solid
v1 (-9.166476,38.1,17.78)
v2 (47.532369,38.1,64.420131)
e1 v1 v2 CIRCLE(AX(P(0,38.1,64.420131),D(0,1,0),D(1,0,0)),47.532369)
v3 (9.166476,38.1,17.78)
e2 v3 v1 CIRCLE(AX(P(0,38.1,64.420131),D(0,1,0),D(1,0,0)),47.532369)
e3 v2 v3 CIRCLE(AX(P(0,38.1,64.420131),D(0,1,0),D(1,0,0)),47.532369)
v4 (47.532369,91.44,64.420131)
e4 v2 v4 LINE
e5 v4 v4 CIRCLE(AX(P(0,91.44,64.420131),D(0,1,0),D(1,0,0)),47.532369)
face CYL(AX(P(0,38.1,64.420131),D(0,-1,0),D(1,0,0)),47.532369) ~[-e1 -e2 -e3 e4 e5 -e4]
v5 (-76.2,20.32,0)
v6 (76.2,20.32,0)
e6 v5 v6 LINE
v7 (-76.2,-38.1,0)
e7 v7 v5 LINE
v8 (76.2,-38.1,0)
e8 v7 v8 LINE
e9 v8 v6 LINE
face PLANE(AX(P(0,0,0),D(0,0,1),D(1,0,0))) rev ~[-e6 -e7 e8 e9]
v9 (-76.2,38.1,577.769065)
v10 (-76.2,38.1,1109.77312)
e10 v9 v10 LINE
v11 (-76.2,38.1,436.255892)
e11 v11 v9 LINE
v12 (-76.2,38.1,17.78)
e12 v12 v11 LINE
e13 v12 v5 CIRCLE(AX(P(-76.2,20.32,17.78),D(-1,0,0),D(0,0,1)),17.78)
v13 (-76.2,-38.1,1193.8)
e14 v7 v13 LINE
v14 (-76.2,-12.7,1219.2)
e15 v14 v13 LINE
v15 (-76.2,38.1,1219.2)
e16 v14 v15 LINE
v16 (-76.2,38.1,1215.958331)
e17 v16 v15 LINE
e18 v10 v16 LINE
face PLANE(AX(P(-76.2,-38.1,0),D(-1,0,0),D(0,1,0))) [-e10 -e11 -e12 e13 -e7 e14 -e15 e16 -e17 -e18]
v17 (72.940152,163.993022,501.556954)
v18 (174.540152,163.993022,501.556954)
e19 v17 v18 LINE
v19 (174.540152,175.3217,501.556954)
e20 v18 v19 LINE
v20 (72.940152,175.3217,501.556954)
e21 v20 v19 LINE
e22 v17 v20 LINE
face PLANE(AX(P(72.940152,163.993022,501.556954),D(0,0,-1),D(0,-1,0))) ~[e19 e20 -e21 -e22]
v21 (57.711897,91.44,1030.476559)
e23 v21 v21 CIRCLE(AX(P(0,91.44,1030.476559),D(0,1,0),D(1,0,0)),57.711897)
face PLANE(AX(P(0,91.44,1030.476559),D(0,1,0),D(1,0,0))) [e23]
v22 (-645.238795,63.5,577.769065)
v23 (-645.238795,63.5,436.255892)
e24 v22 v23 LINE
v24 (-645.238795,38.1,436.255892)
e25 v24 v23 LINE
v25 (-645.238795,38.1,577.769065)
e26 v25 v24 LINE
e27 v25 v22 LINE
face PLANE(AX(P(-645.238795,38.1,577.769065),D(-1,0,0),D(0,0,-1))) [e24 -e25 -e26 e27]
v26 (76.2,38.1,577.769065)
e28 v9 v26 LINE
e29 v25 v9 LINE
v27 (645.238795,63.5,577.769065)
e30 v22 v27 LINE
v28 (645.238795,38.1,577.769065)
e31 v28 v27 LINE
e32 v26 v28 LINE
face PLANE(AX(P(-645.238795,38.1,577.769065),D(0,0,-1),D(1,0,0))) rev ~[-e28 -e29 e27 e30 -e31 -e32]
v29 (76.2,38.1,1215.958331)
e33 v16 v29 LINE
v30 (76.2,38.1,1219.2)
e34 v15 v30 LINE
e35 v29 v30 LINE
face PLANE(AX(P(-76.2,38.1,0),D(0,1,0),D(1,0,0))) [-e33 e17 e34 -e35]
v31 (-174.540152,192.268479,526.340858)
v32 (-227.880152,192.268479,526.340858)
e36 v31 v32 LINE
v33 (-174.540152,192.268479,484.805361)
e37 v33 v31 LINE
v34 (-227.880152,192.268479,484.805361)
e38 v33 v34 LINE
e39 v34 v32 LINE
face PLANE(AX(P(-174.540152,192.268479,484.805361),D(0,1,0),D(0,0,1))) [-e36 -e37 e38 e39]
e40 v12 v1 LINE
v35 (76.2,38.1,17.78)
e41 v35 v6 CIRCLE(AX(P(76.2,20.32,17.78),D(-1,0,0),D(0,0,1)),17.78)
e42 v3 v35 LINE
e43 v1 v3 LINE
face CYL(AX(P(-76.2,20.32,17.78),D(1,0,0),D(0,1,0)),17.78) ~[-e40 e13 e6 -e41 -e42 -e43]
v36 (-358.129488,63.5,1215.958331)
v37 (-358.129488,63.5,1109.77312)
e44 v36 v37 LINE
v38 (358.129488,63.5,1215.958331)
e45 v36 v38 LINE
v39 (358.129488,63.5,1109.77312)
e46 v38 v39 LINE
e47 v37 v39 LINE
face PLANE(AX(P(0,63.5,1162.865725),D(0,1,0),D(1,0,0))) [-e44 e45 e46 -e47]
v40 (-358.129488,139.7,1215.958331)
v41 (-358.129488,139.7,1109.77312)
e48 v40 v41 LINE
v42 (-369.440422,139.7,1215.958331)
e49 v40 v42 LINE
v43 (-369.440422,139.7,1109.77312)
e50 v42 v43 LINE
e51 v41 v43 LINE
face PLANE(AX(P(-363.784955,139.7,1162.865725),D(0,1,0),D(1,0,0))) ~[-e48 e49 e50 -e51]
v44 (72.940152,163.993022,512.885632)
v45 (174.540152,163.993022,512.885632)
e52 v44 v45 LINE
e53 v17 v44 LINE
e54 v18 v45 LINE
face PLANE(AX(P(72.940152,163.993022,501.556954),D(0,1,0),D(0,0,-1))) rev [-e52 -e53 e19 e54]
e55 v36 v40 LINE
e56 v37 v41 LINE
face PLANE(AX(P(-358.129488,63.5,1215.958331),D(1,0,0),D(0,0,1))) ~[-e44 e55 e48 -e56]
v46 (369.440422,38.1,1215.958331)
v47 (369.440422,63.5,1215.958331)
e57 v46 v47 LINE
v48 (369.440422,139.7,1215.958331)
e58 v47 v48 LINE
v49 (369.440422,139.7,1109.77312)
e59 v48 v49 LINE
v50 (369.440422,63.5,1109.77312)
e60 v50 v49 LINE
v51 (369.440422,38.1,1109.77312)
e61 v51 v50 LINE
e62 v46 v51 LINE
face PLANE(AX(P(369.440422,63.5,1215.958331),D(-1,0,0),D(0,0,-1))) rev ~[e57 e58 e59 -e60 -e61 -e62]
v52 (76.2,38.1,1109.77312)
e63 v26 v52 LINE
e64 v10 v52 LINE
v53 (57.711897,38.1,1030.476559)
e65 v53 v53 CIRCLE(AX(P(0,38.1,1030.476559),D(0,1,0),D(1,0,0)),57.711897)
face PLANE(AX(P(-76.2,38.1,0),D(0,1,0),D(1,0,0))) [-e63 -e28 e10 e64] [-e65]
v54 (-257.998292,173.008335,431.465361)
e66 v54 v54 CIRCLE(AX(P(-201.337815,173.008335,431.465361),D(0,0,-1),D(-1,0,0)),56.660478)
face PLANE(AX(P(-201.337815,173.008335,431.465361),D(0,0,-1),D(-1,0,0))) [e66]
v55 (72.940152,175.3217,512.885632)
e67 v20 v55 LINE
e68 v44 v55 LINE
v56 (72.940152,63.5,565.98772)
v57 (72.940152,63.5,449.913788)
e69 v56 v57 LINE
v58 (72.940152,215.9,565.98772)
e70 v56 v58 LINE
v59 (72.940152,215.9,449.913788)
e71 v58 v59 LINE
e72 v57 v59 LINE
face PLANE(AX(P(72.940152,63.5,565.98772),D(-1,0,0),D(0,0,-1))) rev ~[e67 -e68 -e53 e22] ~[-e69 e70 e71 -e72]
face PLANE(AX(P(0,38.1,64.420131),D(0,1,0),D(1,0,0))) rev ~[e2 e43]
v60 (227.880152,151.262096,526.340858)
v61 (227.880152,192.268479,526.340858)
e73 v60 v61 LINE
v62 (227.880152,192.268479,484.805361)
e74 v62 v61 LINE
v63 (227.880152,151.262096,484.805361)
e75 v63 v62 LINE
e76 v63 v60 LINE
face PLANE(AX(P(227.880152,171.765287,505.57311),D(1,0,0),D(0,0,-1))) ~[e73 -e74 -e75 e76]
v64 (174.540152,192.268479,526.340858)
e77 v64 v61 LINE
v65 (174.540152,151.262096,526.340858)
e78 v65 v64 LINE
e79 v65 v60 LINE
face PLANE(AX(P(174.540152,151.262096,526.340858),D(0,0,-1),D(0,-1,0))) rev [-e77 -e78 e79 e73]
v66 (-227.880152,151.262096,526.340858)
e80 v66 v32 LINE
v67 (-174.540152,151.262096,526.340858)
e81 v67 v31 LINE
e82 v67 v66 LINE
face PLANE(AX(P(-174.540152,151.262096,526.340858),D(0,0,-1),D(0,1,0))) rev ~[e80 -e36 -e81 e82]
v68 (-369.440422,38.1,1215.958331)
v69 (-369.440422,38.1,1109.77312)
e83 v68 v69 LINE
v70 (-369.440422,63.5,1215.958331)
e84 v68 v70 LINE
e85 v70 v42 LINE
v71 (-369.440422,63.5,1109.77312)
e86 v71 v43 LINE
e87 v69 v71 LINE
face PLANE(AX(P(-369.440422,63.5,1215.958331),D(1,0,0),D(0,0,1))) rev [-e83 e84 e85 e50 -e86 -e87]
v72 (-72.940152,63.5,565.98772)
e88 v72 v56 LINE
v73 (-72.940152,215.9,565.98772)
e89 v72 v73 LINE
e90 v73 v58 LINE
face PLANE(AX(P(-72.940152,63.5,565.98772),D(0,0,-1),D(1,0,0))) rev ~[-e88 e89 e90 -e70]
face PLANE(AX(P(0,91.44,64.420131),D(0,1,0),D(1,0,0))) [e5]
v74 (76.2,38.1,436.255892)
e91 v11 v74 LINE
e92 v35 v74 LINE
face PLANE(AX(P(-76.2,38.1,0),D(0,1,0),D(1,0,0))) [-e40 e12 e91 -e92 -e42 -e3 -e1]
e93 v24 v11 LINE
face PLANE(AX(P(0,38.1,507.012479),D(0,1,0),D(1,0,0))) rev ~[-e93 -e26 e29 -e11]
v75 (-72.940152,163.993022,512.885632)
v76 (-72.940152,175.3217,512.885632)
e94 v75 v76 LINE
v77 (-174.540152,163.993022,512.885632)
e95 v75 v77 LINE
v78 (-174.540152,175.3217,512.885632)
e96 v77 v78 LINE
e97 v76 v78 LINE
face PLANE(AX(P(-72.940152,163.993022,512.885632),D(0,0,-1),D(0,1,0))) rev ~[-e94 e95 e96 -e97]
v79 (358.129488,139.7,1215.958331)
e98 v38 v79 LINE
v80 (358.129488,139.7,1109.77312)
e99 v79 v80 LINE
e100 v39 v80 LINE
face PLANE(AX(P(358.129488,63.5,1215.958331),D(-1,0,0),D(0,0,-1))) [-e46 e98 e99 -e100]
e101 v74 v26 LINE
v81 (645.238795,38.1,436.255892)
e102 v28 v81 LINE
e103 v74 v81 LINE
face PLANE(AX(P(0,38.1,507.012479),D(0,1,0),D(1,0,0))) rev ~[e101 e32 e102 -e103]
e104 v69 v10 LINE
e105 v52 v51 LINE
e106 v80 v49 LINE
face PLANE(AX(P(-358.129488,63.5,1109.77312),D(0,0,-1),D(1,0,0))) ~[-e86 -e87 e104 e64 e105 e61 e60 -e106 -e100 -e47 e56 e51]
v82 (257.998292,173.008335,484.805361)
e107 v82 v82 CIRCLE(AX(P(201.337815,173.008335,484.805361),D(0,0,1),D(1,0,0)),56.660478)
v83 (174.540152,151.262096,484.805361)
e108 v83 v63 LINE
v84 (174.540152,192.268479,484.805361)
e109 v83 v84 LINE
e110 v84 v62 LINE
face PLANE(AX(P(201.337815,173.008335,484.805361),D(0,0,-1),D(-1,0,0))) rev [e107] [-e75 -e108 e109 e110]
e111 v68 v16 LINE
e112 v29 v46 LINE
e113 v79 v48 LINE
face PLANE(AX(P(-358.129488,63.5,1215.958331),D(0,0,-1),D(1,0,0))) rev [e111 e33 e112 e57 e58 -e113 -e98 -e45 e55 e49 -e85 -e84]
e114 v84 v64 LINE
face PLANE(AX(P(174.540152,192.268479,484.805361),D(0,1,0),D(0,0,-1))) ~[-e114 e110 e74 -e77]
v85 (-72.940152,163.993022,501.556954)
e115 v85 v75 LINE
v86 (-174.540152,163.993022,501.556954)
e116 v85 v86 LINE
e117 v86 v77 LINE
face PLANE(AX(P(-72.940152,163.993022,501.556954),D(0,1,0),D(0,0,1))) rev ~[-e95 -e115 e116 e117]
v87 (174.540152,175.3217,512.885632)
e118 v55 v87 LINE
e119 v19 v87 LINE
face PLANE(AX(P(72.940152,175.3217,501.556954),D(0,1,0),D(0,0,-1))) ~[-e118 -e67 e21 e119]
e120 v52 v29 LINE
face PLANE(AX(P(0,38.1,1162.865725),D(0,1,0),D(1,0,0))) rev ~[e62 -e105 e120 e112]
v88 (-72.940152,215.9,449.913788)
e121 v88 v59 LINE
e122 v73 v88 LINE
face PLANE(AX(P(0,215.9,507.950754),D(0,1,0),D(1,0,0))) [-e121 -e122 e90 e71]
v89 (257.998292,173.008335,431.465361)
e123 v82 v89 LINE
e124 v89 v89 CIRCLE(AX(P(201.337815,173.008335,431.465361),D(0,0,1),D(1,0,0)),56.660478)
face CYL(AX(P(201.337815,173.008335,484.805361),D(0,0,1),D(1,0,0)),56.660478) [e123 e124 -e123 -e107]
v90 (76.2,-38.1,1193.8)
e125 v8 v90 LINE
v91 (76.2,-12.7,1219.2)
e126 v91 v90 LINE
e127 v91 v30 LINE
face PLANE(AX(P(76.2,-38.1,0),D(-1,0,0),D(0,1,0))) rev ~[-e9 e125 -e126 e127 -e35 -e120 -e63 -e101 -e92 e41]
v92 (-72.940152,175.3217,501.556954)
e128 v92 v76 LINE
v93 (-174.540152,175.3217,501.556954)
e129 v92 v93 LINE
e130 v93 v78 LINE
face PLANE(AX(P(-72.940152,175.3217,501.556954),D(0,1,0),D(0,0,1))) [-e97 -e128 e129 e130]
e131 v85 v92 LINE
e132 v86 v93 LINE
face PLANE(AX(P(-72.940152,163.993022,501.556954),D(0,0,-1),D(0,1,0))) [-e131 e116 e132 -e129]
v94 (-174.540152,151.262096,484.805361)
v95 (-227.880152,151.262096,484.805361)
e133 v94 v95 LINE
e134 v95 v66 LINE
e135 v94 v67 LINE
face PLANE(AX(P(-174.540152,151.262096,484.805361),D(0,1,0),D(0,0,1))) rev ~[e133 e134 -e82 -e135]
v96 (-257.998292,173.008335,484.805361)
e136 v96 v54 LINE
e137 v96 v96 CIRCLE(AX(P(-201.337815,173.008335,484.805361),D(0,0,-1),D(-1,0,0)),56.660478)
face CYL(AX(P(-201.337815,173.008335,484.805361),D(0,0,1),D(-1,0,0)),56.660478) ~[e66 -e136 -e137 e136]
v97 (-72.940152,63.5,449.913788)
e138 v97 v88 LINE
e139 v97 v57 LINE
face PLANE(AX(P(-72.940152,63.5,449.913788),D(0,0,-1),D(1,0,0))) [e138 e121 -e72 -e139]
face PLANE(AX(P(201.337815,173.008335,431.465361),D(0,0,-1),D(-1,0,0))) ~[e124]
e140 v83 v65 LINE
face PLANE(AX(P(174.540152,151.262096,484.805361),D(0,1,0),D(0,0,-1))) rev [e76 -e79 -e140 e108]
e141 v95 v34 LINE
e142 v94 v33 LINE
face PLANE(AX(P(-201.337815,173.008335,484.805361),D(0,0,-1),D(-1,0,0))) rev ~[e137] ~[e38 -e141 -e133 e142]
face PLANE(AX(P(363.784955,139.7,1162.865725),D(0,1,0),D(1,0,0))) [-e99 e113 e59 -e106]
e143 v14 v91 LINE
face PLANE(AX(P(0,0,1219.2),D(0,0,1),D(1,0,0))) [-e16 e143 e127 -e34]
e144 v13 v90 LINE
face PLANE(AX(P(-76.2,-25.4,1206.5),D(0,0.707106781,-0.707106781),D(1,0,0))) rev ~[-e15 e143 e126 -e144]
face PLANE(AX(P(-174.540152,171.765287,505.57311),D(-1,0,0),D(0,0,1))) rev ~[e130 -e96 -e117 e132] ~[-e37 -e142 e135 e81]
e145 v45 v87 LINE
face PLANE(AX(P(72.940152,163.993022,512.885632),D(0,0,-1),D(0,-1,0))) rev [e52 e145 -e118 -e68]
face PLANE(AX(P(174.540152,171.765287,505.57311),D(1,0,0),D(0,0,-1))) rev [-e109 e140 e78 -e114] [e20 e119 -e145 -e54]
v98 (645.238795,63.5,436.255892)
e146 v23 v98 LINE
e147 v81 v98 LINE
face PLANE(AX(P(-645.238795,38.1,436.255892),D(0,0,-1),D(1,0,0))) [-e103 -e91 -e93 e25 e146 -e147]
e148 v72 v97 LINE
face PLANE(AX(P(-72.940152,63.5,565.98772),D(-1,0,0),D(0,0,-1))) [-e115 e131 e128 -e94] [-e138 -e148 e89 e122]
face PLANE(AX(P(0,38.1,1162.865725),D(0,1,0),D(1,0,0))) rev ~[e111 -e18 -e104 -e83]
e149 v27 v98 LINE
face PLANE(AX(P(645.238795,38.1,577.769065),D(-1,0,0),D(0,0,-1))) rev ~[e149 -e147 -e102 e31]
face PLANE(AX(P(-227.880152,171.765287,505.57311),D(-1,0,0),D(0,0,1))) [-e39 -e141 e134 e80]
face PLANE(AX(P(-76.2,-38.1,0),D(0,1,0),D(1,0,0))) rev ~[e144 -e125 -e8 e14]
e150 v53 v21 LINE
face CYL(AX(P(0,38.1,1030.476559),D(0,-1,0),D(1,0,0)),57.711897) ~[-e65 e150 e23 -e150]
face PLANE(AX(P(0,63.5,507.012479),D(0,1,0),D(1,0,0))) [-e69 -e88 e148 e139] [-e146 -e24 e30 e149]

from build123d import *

# Parameters (mm, degrees)
SKETCH1_W           = 152.4
SKETCH1_H           = 76.2
BOSS_EXTRUDE1_DEPTH = 1219.2
FILLET1_R           = 17.78
CHAMFER1_SIZE       = 25.4
SKETCH2_W           = 1290.477589614
SKETCH2_H           = 141.513172698
SKETCH2_W_2         = 738.880843562
SKETCH2_H_2         = 106.185211378
BOSS_EXTRUDE2_DEPTH = 25.4
SKETCH3_W           = 145.88030373
SKETCH3_H           = 116.073932347
BOSS_EXTRUDE3_DEPTH = 152.4
SKETCH4_W           = 11.32867816
SKETCH4_H           = 11.32867816
BOSS_EXTRUDE4_DEPTH = 101.6
SKETCH5_W           = 41.535496856
SKETCH5_H           = 41.006382246
BOSS_EXTRUDE5_DEPTH = 53.34
SKETCH6_R           = 56.660477504
BOSS_EXTRUDE6_DEPTH = 53.34
SKETCH7_R           = 47.532369055
SKETCH7_R_2         = 57.711896929
BOSS_EXTRUDE7_DEPTH = 53.34
SKETCH8_W           = 11.310933435
SKETCH8_H           = 106.185211378
BOSS_EXTRUDE8_DEPTH = 76.2


with BuildPart() as part:
    # Sketch1 → Boss-Extrude1 (new body)
    with BuildSketch(Plane.XY):
        Rectangle(SKETCH1_W, SKETCH1_H)
    extrude(amount=BOSS_EXTRUDE1_DEPTH)

    # Fillet1
    fillet1_edges = [part.edges().sort_by_distance(p)[0] for p in [
        (0, 38.1, 0),
    ]]
    fillet(fillet1_edges, radius=FILLET1_R)

    # Chamfer1
    chamfer1_edges = [part.edges().sort_by_distance(p)[0] for p in [
        (0, -38.1, 1219.2),
    ]]
    chamfer(chamfer1_edges, length=CHAMFER1_SIZE)

    # Sketch2 → Boss-Extrude2 (add)
    with BuildSketch(Plane(origin=(0, 38.1, 0), x_dir=(1, 0, 0), z_dir=(0, 1, 0))):
        with Locations((0, -507.012478725)):
            Rectangle(SKETCH2_W, SKETCH2_H)
        with Locations((0, -1162.865725204)):
            Rectangle(SKETCH2_W_2, SKETCH2_H_2)
    extrude(amount=BOSS_EXTRUDE2_DEPTH)

    # Sketch3 → Boss-Extrude3 (add)
    with BuildSketch(Plane(origin=(0, 63.5, 0), x_dir=(1, 0, 0), z_dir=(0, 1, 0))):
        with Locations((0, -507.950753796)):
            Rectangle(SKETCH3_W, SKETCH3_H)
    extrude(amount=BOSS_EXTRUDE3_DEPTH)

    # Sketch4 → Boss-Extrude4 (add)
    with BuildSketch(Plane.ZY.offset(72.940151865)):
        with Locations((507.221293342, 169.657361137)):
            Rectangle(SKETCH4_W, SKETCH4_H)
    boss_extrude4 = extrude(amount=BOSS_EXTRUDE4_DEPTH)

    # Sketch5 → Boss-Extrude5 (add)
    with BuildSketch(Plane.ZY.offset(174.540151865)):
        with Locations((505.573109598, 171.765287406)):
            Rectangle(SKETCH5_W, SKETCH5_H)
    boss_extrude5 = extrude(amount=BOSS_EXTRUDE5_DEPTH)

    # Sketch6 → Boss-Extrude6 (add)
    with BuildSketch(Plane(origin=(0, 0, 484.80536117), x_dir=(-1, 0, 0), z_dir=(0, 0, -1))):
        with Locations((201.337814598, 173.008334857)):
            Circle(SKETCH6_R)
    boss_extrude6 = extrude(amount=BOSS_EXTRUDE6_DEPTH)

    # Mirror1: Boss-Extrude4, Boss-Extrude5, Boss-Extrude6 across plane
    add(boss_extrude4.mirror(Plane(origin=(0, 0, 0), x_dir=(0, 0, 1), z_dir=(1, 0, 0))))
    add(boss_extrude5.mirror(Plane(origin=(0, 0, 0), x_dir=(0, 0, 1), z_dir=(1, 0, 0))))
    add(boss_extrude6.mirror(Plane(origin=(0, 0, 0), x_dir=(0, 0, 1), z_dir=(1, 0, 0))))

    # Sketch7 → Boss-Extrude7 (add)
    with BuildSketch(Plane(origin=(0, 38.1, 0), x_dir=(1, 0, 0), z_dir=(0, 1, 0))):
        with Locations((0, -64.420131153)):
            Circle(SKETCH7_R)
        with Locations((0, -1030.4765592)):
            Circle(SKETCH7_R_2)
    extrude(amount=BOSS_EXTRUDE7_DEPTH)

    # Sketch8 → Boss-Extrude8 (add)
    with BuildSketch(Plane(origin=(0, 63.5, 0), x_dir=(1, 0, 0), z_dir=(0, 1, 0))):
        with Locations((363.784955063, -1162.865725204)):
            Rectangle(SKETCH8_W, SKETCH8_H)
    boss_extrude8 = extrude(amount=BOSS_EXTRUDE8_DEPTH)

    # Mirror2: Boss-Extrude8 across plane
    add(boss_extrude8.mirror(Plane(origin=(0, 0, 0), x_dir=(0, 0, 1), z_dir=(1, 0, 0))))


solid = part.part
